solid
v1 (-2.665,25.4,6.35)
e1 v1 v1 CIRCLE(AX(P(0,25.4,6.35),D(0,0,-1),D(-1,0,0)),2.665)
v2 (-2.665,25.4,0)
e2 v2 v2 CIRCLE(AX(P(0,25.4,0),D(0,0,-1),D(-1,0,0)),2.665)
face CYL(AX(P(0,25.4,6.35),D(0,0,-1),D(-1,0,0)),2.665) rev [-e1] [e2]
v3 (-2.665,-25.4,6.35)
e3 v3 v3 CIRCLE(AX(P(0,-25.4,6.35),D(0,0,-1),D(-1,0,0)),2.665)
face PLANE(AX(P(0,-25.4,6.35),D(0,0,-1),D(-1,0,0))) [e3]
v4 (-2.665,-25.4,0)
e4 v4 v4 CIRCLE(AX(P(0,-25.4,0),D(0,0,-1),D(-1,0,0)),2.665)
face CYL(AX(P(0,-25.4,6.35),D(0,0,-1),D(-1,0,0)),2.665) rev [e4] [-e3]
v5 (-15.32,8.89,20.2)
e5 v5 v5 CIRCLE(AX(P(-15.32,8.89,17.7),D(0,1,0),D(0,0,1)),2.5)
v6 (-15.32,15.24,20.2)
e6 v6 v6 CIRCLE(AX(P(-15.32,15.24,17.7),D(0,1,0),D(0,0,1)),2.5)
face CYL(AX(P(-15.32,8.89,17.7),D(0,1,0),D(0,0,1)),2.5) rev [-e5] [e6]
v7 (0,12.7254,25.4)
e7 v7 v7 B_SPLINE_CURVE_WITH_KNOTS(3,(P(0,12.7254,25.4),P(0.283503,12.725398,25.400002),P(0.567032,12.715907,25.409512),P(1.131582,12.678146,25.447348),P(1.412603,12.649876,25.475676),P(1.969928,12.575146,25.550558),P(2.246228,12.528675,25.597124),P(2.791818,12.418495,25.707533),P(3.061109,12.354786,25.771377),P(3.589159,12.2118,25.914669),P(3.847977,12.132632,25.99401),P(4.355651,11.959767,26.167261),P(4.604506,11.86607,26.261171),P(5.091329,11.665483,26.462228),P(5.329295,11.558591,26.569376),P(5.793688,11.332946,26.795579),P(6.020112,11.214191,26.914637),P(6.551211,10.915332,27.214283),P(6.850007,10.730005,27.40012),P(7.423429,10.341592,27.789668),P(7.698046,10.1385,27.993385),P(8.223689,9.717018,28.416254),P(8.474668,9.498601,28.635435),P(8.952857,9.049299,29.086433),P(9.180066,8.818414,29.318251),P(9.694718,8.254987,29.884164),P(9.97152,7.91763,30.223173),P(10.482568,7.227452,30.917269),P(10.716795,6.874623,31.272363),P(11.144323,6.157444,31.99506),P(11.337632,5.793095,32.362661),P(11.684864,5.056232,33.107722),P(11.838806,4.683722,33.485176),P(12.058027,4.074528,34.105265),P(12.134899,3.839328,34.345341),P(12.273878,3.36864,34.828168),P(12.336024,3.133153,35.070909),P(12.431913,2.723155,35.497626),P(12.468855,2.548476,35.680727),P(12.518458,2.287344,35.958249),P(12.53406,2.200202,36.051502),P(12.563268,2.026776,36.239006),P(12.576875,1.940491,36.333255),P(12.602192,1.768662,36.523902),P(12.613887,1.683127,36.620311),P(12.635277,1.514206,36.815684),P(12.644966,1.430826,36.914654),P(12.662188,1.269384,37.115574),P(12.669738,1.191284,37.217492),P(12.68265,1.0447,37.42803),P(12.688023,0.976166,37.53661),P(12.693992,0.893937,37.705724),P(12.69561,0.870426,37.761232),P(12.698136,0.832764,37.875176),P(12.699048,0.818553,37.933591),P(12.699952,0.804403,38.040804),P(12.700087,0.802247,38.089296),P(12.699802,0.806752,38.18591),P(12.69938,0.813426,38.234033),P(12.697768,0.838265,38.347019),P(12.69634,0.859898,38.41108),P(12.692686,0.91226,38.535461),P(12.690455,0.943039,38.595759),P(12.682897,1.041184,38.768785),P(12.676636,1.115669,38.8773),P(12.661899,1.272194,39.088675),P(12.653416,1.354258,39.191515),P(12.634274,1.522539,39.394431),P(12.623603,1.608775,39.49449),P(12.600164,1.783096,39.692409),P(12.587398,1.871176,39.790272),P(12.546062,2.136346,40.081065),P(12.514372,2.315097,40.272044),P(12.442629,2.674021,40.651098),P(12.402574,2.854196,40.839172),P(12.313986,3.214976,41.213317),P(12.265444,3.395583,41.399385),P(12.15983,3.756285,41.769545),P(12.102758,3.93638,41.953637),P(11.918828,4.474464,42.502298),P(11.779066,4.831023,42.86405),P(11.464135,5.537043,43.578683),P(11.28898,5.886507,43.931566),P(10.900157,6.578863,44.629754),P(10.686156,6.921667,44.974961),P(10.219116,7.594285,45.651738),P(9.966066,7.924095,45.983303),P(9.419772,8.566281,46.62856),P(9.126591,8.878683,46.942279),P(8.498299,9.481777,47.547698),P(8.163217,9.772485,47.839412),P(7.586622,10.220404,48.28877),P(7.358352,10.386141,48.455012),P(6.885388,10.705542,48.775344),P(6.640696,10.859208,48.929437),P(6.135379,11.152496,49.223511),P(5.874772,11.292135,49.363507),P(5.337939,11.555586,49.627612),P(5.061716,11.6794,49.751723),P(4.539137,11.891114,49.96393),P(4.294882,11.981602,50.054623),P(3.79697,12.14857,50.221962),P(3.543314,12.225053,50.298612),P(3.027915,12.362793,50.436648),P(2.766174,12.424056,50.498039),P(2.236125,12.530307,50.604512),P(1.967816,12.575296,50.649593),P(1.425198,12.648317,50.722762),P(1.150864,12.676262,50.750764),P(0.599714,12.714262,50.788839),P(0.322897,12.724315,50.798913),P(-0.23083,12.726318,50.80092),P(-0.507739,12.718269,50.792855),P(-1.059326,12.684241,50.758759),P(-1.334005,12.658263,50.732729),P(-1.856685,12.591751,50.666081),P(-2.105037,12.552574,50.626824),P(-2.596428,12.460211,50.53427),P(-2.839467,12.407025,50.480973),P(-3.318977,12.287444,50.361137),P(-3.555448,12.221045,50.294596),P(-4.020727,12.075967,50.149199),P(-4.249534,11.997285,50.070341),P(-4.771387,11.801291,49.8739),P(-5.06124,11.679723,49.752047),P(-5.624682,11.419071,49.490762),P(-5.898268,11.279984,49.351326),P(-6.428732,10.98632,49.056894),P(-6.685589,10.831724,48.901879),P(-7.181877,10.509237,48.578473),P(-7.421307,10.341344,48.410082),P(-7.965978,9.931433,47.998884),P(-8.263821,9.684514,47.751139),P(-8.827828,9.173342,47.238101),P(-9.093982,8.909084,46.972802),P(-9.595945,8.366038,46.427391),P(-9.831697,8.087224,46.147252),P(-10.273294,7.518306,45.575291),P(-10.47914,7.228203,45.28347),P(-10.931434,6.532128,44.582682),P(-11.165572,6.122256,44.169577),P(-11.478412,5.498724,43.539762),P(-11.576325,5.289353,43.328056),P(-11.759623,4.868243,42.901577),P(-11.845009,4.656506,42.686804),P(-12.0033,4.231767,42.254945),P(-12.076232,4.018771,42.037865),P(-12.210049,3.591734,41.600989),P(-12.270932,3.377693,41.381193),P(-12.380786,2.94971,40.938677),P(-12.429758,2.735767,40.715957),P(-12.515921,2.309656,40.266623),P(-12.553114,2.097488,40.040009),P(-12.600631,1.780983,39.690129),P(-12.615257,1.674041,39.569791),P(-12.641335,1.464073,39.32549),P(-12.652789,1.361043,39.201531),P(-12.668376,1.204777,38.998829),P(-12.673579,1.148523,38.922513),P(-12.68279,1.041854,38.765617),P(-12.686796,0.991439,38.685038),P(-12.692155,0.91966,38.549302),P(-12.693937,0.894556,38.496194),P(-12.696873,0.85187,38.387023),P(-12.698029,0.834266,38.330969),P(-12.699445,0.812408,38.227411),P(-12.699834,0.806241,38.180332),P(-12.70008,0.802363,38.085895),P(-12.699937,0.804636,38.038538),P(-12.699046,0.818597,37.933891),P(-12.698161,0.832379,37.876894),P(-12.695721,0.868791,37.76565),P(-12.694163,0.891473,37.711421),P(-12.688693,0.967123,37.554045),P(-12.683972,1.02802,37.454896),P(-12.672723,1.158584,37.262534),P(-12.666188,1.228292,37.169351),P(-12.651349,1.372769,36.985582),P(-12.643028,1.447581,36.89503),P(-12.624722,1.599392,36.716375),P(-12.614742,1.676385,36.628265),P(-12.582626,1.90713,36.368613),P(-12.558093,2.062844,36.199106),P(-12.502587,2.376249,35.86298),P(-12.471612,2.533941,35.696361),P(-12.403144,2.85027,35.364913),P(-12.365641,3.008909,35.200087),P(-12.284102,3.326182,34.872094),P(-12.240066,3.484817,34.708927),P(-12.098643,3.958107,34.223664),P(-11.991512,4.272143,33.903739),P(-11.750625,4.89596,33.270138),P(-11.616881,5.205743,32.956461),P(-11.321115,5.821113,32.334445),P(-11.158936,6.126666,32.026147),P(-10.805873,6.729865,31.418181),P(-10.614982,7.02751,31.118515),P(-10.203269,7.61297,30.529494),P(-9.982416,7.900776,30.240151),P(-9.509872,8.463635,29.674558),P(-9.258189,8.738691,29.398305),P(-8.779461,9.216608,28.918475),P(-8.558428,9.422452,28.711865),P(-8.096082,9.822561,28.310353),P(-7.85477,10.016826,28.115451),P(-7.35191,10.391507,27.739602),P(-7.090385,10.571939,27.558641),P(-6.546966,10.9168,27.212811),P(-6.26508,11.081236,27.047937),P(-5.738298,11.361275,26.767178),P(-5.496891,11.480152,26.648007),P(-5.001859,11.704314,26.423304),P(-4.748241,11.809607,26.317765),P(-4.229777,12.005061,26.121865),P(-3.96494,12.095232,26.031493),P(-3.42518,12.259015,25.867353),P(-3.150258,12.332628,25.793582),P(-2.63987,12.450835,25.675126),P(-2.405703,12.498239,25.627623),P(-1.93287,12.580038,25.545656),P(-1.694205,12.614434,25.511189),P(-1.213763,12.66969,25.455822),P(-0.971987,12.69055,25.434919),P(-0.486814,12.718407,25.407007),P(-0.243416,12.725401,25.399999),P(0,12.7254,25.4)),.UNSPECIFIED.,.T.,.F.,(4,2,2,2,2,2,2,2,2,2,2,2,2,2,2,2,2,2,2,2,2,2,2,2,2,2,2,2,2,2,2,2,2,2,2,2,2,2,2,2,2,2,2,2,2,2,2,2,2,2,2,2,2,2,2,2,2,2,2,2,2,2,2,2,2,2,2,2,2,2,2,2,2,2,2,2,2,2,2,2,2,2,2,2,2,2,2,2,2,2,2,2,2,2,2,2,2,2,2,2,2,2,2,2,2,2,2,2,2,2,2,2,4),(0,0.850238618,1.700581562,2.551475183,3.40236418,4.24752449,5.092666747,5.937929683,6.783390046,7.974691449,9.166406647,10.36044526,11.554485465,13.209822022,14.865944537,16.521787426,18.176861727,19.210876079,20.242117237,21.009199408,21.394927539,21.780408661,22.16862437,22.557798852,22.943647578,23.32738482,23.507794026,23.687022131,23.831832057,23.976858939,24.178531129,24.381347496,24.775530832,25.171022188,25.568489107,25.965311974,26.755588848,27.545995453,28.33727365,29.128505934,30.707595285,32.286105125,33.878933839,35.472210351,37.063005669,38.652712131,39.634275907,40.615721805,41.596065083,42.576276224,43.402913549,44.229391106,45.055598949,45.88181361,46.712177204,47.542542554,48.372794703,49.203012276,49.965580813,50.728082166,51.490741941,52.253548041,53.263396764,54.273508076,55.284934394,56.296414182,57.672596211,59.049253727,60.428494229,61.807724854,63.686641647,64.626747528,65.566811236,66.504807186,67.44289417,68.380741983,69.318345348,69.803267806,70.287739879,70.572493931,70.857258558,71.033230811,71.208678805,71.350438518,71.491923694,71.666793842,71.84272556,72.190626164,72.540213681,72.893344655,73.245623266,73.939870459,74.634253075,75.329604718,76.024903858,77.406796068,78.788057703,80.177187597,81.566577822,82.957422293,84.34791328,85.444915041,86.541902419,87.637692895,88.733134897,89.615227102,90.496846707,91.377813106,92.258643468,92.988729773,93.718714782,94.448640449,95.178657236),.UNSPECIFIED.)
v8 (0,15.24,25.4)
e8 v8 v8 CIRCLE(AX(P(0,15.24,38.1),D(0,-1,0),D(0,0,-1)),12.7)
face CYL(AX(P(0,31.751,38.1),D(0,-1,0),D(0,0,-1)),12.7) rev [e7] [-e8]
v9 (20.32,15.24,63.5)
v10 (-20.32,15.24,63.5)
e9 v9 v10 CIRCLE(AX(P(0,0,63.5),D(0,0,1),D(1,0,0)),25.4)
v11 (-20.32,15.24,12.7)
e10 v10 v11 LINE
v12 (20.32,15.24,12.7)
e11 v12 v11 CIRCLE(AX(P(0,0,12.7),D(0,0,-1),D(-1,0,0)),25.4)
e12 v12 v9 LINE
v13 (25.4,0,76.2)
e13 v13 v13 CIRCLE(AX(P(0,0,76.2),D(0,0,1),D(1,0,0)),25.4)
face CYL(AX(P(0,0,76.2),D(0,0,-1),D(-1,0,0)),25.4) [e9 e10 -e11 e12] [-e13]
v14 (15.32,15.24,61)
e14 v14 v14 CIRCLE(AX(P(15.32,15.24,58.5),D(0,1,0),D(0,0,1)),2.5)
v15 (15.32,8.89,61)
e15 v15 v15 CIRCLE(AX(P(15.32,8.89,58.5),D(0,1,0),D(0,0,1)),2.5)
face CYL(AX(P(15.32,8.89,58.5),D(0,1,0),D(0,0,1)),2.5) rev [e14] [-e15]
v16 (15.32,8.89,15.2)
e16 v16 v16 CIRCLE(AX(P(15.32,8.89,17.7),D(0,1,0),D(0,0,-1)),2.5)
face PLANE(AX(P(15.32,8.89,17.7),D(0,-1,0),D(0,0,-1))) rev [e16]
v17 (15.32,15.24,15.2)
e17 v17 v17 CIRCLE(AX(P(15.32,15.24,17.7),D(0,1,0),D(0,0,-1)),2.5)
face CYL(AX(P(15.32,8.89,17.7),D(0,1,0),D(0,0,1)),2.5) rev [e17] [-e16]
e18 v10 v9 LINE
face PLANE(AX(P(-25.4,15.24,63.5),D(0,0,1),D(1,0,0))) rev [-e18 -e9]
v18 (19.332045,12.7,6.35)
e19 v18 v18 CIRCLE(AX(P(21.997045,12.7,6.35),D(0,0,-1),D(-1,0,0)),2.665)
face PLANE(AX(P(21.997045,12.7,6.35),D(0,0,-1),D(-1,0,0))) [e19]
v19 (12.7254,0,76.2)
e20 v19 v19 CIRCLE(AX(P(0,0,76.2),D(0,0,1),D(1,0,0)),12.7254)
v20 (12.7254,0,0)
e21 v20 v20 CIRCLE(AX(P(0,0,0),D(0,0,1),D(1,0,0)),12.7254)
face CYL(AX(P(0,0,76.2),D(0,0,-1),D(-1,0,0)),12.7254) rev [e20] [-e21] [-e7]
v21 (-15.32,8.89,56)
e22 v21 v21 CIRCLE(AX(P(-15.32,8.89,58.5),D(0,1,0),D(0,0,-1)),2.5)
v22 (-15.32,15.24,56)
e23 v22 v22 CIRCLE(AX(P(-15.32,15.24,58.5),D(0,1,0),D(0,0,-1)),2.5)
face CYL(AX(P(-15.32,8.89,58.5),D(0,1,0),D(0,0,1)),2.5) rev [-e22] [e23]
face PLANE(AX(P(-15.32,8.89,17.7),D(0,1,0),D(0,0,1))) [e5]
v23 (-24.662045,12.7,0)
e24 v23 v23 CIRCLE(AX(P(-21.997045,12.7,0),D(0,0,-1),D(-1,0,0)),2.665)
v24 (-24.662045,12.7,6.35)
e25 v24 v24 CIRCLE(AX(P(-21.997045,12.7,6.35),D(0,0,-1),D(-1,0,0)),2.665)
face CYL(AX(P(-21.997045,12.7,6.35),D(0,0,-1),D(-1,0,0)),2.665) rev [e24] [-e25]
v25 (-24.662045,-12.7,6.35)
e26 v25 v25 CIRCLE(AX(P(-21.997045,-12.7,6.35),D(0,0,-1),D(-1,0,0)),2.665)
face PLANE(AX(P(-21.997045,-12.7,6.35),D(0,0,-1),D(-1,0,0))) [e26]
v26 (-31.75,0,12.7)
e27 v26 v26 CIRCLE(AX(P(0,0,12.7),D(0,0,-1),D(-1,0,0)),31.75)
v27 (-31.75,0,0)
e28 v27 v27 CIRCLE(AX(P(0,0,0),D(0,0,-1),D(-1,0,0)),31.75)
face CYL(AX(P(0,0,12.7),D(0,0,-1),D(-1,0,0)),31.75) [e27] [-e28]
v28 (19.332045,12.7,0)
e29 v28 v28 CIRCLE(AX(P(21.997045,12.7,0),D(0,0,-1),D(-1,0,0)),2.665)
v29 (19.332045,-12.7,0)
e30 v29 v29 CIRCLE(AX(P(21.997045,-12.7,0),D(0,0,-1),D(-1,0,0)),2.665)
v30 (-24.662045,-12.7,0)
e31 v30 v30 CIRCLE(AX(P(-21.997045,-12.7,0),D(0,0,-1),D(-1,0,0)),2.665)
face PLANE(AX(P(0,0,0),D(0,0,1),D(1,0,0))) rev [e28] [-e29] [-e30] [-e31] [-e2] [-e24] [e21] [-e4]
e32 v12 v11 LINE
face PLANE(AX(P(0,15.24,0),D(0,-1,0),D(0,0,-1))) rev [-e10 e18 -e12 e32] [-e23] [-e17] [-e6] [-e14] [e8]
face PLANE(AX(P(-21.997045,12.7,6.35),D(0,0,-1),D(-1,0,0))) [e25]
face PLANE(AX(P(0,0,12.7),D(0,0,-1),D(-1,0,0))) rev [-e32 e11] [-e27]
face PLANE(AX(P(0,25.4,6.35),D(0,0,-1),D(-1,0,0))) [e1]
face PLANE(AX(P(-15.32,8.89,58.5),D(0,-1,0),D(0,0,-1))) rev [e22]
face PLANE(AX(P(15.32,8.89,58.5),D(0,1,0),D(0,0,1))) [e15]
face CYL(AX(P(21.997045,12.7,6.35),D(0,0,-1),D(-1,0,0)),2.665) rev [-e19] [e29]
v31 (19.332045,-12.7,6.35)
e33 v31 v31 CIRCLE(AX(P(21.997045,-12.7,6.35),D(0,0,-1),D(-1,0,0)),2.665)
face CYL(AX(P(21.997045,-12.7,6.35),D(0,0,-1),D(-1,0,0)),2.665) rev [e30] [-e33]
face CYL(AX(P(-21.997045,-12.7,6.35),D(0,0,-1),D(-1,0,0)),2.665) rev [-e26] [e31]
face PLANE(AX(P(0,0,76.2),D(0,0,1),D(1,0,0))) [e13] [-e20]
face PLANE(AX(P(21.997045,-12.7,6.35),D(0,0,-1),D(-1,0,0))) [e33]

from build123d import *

# Parameters (mm, degrees)
SKETCH1_R               = 25.4
SKETCH1_R_2             = 12.7254
BOSS_EXTRUDE1_DEPTH     = 76.2
SKETCH3_R               = 31.75
SKETCH3_R_2             = 12.7254
BOSS_EXTRUDE2_DEPTH     = 12.7
CUT_EXTRUDE3_REACH      = 90.445
CUT_EXTRUDE3_END_RADIUS = 25.4
SKETCH2_R               = 12.7
SKETCH5_W               = 50.8
SKETCH5_H               = 50.8
CUT_EXTRUDE4_DEPTH      = 10.16
SKETCH7_R               = 2.665
CUT_EXTRUDE6_DEPTH      = 6.35
SKETCH8_R               = 2.5
CUT_EXTRUDE7_DEPTH      = 6.35


with BuildPart() as part:
    # Sketch1 → Boss-Extrude1 (new body)
    with BuildSketch(Plane.XY):
        with Locations(Location((0, 0, 0), (0, 0, 180))):
            Circle(SKETCH1_R)
        with Locations(Location((0, 0, 0), (0, 0, 180))):
            Circle(SKETCH1_R_2, mode=Mode.SUBTRACT)
    extrude(amount=BOSS_EXTRUDE1_DEPTH)

    # Sketch3 → Boss-Extrude2 (add)
    with BuildSketch(Plane(origin=(0, 0, 0), x_dir=(-1, 0, 0), z_dir=(0, 0, -1))):
        Circle(SKETCH3_R)
        Circle(SKETCH3_R_2, mode=Mode.SUBTRACT)
    extrude(amount=-BOSS_EXTRUDE2_DEPTH)

    # Cut-Extrude3: up to this cylinder (the profile starts inside it)
    cut_extrude3_end = Plane(origin=(0, 0, 38.1), z_dir=(0, 0, -1)) * Cylinder(CUT_EXTRUDE3_END_RADIUS, 232.69, mode=Mode.PRIVATE)
    # Sketch2 → Cut-Extrude3 (cut, up to the surface)
    with BuildSketch(Plane(origin=(0, 0, 0), x_dir=(1, 0, 0), z_dir=(0, 1, 0)), mode=Mode.PRIVATE) as cut_extrude3_sk1:
        with Locations(Location((0, -38.1, 0), (0, 0, 90))):
            Circle(SKETCH2_R)
    cut_extrude3_tool1 = extrude(cut_extrude3_sk1.sketch, amount=CUT_EXTRUDE3_REACH, mode=Mode.PRIVATE) & cut_extrude3_end
    add(cut_extrude3_tool1.solids().sort_by_distance((0, 0, 38.1))[0], mode=Mode.SUBTRACT)

    # Sketch5 → Cut-Extrude4 (cut)
    with BuildSketch(Plane(origin=(0, 25.4, 0), x_dir=(1, 0, 0), z_dir=(0, 1, 0))):
        with Locations((0, -38.1)):
            Rectangle(SKETCH5_W, SKETCH5_H)
    extrude(amount=-CUT_EXTRUDE4_DEPTH, mode=Mode.SUBTRACT)

    # Sketch7 → Cut-Extrude6 (cut)
    with BuildSketch(Plane(origin=(0, 0, 0), x_dir=(-1, 0, 0), z_dir=(0, 0, -1))):
        with Locations((0, 25.4)):
            Circle(SKETCH7_R)
        with Locations((21.997045256, 12.7)):
            Circle(SKETCH7_R)
        with Locations((21.997045256, -12.7)):
            Circle(SKETCH7_R)
        with Locations((0, -25.4)):
            Circle(SKETCH7_R)
        with Locations((-21.997045256, -12.7)):
            Circle(SKETCH7_R)
        with Locations((-21.997045256, 12.7)):
            Circle(SKETCH7_R)
    extrude(amount=-CUT_EXTRUDE6_DEPTH, mode=Mode.SUBTRACT)

    # Sketch8 → Cut-Extrude7 (cut)
    with BuildSketch(Plane(origin=(0, 15.24, 0), x_dir=(1, 0, 0), z_dir=(0, 1, 0))):
        with Locations(Location((-15.32, -17.7, 0), (0, 0, 270))):
            Circle(SKETCH8_R)
        with Locations(Location((15.32, -17.7, 0), (0, 0, 90))):
            Circle(SKETCH8_R)
        with Locations(Location((-15.32, -58.5, 0), (0, 0, 90))):
            Circle(SKETCH8_R)
        with Locations(Location((15.32, -58.5, 0), (0, 0, 270))):
            Circle(SKETCH8_R)
    extrude(amount=-CUT_EXTRUDE7_DEPTH, mode=Mode.SUBTRACT)


solid = part.part
